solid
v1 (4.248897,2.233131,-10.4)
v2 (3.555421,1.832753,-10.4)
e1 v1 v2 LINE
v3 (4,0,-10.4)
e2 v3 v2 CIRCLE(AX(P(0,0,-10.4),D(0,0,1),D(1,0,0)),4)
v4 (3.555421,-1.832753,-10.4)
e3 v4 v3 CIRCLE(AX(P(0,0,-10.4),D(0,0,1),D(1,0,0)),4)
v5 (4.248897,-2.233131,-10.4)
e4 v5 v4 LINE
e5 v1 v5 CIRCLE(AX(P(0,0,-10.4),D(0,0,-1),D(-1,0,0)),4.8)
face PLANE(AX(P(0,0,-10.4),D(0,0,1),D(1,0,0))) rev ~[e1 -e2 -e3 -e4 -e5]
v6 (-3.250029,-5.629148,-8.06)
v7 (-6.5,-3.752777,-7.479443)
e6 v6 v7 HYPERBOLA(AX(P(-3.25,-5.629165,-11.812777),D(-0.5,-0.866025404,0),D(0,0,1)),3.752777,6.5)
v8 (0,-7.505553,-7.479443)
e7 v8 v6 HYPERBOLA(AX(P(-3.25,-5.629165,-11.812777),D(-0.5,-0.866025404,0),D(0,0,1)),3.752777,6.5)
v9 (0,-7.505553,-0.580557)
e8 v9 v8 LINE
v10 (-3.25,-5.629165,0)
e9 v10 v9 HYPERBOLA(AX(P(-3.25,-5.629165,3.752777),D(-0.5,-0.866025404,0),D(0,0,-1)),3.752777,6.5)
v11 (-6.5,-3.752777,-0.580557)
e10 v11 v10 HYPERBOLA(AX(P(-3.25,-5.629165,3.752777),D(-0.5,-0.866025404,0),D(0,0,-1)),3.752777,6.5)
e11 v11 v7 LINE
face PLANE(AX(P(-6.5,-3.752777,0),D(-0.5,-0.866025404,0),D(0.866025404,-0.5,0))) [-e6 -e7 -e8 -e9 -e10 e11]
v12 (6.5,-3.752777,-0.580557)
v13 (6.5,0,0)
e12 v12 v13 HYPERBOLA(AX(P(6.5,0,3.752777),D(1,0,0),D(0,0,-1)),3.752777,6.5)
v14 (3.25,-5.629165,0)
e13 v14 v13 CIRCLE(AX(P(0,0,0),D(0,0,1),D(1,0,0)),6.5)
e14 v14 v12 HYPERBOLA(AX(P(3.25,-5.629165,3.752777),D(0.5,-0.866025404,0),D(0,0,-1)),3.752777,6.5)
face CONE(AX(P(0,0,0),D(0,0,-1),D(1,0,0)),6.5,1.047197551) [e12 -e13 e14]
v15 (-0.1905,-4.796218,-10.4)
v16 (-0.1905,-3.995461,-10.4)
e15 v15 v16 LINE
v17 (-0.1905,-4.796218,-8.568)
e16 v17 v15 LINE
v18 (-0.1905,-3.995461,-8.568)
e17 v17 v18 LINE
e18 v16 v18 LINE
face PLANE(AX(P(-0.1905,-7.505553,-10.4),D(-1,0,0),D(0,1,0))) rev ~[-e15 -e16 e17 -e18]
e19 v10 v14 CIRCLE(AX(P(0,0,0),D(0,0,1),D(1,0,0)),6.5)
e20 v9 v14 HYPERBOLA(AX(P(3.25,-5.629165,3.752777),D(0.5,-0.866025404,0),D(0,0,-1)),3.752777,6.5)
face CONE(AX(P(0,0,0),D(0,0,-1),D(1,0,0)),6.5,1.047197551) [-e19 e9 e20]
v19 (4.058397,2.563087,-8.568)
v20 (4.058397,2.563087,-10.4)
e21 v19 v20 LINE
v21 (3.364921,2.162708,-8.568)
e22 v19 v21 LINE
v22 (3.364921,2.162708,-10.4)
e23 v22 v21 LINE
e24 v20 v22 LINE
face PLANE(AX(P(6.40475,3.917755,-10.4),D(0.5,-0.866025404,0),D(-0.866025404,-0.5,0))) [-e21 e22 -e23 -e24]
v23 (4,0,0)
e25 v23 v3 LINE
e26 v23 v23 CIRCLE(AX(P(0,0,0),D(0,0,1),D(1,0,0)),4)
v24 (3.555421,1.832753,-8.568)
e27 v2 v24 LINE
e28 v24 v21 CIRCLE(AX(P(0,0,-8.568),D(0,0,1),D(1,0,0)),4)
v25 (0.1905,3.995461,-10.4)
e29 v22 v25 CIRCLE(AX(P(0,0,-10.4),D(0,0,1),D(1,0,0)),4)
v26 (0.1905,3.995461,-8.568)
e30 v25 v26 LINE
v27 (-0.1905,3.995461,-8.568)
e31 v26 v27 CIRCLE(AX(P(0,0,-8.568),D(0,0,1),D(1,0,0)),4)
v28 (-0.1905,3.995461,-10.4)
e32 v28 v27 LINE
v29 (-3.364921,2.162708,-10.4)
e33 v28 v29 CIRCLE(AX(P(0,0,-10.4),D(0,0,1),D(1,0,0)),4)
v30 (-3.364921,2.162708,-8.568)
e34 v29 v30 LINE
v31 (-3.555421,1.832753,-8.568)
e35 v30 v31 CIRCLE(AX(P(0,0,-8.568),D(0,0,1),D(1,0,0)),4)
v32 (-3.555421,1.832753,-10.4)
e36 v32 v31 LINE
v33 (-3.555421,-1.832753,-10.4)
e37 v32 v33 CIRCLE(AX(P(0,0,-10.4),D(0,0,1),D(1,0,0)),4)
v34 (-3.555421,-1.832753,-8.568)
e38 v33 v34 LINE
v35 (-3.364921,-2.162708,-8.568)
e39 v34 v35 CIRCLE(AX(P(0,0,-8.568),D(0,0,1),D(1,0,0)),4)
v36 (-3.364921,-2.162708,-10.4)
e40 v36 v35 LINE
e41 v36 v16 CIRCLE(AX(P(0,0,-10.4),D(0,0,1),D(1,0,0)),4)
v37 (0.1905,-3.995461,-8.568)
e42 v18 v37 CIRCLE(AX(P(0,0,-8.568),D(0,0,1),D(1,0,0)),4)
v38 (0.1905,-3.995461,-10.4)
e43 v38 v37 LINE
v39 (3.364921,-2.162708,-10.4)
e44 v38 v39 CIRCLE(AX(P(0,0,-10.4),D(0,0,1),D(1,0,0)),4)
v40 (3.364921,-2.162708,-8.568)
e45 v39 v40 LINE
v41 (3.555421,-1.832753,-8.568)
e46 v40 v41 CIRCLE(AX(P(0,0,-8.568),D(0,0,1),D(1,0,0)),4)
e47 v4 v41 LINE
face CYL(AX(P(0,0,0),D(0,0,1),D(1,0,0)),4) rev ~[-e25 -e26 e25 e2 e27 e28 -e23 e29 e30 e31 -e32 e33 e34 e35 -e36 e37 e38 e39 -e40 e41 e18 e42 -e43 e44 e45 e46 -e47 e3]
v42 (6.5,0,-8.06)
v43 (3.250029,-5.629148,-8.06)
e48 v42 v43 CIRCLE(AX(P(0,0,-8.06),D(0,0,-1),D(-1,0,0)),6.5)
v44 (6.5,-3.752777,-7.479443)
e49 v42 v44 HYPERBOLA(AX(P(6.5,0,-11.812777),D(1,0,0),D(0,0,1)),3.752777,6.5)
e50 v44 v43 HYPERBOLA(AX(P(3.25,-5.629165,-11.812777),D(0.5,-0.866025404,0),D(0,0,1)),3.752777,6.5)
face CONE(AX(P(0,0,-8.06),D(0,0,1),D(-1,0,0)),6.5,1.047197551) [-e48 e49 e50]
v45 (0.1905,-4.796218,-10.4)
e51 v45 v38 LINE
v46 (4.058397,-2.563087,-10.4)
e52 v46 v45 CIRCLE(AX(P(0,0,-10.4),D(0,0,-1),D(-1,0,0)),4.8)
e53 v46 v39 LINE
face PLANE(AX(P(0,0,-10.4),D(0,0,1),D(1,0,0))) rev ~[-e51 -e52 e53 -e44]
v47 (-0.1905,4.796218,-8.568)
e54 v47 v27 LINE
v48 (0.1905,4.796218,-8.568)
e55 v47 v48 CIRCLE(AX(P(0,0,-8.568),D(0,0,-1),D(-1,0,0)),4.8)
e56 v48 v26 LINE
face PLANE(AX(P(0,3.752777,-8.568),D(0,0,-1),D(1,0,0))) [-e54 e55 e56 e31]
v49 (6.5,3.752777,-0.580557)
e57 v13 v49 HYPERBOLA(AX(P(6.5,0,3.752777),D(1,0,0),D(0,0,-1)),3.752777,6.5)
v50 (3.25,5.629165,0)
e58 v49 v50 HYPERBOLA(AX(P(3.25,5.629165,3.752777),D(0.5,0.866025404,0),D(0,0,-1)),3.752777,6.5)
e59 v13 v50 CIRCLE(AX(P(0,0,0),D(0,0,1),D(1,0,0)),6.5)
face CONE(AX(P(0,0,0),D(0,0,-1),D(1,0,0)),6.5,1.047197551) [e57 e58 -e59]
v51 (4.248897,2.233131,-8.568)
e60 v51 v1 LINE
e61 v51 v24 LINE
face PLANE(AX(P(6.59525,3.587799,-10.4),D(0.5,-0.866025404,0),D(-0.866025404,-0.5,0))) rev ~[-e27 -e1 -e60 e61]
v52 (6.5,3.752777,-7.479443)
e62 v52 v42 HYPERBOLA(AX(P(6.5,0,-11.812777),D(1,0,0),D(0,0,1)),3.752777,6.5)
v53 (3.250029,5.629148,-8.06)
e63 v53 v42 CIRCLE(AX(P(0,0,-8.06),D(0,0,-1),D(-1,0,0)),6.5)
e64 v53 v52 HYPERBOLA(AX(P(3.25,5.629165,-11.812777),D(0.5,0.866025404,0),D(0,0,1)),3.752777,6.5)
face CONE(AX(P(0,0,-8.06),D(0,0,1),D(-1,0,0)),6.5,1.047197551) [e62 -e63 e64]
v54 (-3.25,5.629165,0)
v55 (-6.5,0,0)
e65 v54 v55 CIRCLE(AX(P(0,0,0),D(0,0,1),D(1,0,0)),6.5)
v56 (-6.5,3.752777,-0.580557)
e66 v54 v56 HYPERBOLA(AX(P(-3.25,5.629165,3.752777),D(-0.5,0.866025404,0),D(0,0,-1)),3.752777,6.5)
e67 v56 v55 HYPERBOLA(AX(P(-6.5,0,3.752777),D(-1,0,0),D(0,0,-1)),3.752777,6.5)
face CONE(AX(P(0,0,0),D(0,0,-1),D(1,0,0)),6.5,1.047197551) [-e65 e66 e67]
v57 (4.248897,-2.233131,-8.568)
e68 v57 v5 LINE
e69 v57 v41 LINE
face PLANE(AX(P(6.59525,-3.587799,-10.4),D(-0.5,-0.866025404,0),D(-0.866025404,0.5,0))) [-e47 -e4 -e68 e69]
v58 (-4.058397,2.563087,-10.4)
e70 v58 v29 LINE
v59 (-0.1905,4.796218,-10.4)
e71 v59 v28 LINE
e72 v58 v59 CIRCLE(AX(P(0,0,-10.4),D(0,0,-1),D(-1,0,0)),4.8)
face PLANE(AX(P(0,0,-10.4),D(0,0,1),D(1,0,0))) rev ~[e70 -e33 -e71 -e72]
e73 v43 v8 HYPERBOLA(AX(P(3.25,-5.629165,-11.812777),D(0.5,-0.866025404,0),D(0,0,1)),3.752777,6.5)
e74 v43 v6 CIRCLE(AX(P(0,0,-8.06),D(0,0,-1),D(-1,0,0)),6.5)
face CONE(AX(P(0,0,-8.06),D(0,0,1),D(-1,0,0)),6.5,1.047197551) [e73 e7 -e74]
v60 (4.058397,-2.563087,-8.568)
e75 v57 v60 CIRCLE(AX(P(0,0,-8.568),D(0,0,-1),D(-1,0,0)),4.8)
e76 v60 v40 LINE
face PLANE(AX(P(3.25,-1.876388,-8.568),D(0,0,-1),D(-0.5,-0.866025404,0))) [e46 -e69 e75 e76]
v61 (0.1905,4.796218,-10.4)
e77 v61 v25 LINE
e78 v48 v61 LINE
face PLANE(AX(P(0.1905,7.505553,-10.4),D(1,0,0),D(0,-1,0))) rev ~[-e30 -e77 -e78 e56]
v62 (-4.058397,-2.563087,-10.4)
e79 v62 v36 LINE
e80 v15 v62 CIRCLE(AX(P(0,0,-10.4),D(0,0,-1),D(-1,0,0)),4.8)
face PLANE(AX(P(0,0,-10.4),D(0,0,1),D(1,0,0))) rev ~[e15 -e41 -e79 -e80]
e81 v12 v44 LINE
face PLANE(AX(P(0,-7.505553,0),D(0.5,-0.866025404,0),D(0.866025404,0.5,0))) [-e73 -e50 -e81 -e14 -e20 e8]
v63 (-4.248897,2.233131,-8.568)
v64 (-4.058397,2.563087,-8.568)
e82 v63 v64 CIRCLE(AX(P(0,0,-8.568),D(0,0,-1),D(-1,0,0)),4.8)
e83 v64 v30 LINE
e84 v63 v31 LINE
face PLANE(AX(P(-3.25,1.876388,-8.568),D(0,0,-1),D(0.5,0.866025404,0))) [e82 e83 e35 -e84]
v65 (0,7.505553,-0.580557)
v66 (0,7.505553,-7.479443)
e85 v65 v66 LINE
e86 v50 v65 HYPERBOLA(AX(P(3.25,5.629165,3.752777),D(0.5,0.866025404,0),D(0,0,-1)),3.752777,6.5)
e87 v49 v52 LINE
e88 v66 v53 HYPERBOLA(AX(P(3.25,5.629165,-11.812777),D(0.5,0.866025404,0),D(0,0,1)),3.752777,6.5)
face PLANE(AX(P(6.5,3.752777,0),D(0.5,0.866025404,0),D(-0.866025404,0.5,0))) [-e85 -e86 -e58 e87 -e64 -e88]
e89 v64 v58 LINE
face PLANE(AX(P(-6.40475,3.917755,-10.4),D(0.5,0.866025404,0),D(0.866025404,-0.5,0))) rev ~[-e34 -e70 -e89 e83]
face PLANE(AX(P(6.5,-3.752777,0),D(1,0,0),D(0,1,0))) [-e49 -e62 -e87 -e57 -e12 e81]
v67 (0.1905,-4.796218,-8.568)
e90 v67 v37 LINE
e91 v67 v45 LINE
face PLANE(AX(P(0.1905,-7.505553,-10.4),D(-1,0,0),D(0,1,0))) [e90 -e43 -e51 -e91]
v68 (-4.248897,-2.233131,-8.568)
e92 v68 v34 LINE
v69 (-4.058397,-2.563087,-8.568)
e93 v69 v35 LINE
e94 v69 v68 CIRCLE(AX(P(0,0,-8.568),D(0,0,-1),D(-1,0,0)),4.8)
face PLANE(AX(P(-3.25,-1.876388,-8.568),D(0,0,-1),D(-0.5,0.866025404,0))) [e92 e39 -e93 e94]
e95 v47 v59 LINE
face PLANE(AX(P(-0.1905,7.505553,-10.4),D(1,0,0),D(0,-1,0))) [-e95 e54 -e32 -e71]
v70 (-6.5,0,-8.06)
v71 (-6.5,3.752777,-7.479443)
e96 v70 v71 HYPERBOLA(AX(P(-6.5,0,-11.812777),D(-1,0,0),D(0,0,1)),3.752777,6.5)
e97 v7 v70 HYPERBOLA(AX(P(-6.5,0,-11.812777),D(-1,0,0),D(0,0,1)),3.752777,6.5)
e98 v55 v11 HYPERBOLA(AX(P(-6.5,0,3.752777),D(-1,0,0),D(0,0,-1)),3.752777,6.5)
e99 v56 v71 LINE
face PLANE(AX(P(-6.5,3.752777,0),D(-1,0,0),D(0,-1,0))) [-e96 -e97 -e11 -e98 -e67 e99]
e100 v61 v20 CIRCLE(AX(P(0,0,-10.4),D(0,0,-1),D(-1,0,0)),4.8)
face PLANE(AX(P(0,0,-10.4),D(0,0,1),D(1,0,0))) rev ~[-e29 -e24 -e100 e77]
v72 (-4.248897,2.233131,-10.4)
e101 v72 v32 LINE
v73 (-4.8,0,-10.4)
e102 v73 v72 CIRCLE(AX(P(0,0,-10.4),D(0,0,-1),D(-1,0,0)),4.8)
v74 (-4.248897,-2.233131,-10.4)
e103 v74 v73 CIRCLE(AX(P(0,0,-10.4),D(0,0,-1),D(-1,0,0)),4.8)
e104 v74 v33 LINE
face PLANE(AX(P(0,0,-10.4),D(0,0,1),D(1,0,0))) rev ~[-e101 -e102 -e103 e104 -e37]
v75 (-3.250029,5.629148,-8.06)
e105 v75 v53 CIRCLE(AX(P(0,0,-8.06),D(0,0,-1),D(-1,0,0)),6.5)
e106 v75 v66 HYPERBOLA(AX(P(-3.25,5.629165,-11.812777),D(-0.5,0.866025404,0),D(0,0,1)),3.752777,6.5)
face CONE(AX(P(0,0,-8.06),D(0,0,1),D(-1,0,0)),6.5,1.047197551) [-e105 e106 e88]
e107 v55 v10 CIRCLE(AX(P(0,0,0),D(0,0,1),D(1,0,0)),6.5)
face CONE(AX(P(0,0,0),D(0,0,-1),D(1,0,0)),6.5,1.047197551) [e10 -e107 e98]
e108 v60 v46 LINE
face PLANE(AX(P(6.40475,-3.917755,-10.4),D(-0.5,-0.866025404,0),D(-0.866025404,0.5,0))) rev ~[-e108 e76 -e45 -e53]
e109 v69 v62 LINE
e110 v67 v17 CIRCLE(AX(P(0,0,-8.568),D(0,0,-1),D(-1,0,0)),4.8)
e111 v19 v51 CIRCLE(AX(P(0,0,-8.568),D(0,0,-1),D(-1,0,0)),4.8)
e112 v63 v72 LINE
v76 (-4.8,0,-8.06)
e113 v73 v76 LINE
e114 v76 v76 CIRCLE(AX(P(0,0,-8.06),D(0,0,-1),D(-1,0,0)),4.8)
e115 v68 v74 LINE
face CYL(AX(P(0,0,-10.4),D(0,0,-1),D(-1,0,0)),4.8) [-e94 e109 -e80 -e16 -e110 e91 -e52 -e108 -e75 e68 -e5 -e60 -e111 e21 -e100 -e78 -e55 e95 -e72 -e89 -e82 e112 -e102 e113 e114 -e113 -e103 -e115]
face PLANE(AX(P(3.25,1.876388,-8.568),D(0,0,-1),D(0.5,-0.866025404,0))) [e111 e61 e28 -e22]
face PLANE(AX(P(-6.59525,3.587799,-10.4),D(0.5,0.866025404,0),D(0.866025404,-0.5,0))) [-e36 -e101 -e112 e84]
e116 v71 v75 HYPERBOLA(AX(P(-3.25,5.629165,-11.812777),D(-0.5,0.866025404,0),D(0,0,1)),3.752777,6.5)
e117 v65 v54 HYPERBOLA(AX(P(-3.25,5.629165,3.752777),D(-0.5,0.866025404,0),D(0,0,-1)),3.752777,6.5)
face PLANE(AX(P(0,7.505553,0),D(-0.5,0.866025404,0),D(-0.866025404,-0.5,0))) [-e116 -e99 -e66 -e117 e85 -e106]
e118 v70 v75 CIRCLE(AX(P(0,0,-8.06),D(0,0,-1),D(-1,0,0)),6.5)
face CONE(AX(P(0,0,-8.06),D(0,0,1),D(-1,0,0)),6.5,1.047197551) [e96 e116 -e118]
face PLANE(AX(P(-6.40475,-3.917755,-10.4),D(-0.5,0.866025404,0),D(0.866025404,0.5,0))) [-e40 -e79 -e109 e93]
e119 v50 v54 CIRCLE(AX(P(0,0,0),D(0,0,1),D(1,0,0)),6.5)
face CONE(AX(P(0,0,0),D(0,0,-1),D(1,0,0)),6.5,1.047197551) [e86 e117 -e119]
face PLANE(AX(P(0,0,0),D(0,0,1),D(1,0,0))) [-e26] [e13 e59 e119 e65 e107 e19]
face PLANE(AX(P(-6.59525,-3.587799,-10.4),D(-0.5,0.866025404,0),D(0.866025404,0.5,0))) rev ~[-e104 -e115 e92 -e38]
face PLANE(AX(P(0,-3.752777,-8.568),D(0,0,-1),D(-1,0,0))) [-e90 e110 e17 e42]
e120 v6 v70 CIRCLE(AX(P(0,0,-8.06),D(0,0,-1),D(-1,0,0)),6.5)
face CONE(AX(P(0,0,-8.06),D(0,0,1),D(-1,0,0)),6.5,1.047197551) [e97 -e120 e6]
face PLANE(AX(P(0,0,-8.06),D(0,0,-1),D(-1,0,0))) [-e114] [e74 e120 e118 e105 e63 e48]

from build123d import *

# Parameters (mm, degrees)
EXTRUDE1_DEPTH          = 10.4
SKETCH2_OUTSIDE_W       = 72.756
SKETCH2_OUTSIDE_H       = 74.768
SKETCH2_OUTSIDE_R       = 6.5
CUT_EXTRUDE1_DEPTH      = 15.37857202
CUT_EXTRUDE1_DRAFT      = -60
SKETCH4_R               = 4
CUT_EXTRUDE3_DEPTH      = 15.37857202
SKETCH12_OUTSIDE_W      = 19.484
SKETCH12_OUTSIDE_H      = 21.496
SKETCH12_OUTSIDE_R      = 4.8
CUT_EXTRUDE10_DEPTH     = 2.34
SKETCH15_W              = 0.381
SKETCH15_H              = 7.505553499
CUT_EXTRUDE_THIN2_DEPTH = 1.832
CIRPATTERN1_COUNT       = 6
SKETCH3_OUTSIDE_W       = 67.248
SKETCH3_OUTSIDE_H       = 69.26
SKETCH3_OUTSIDE_R       = 6.5
CUT_EXTRUDE2_DEPTH      = 13.788546959
CUT_EXTRUDE2_DRAFT      = -60


with BuildPart() as part:
    # Sketch1 → Extrude1 (new body)
    with BuildSketch(Plane.XY):
        Polygon((0, 7.505553499), (-6.5, 3.75277675), (-6.5, -3.75277675), (0, -7.505553499), (6.5, -3.75277675), (6.5, 3.75277675), align=None)
    extrude(amount=-EXTRUDE1_DEPTH)


with BuildPart() as cut_extrude1_tool:
    # Sketch2 outside → Cut-Extrude1 (with draft: the straight prism first)
    with BuildSketch(Plane.XY):
        Rectangle(SKETCH2_OUTSIDE_W, SKETCH2_OUTSIDE_H)
        Circle(SKETCH2_OUTSIDE_R, mode=Mode.SUBTRACT)
    extrude(amount=-CUT_EXTRUDE1_DEPTH)
    # Cut-Extrude1: the draft: its side faces are tilted about the plane it starts from
    cut_extrude1_sides = [cut_extrude1_tool.faces().sort_by_distance(p)[0] for p in [
        (0, -37.384, -7.68928601),
        (36.378, 0, -7.68928601),
        (0, 37.384, -7.68928601),
        (-36.378, 0, -7.68928601),
        (-6.5, 0, -7.68928601),
    ]]
    draft(cut_extrude1_sides, Plane.XY, CUT_EXTRUDE1_DRAFT)


with BuildPart() as part_1:
    add(part.part)

    # Cut-Extrude1: cut by cut_extrude1_tool
    add(cut_extrude1_tool.part, mode=Mode.SUBTRACT)

    # Sketch4 → Cut-Extrude3 (cut, through all)
    with BuildSketch(Plane.XY):
        Circle(SKETCH4_R)
    extrude(amount=-CUT_EXTRUDE3_DEPTH, mode=Mode.SUBTRACT)

    # Sketch12 outside → Cut-Extrude10 (cut)
    with BuildSketch(Plane(origin=(0, 0, -10.4), x_dir=(-1, 0, 0), z_dir=(0, 0, -1))):
        Rectangle(SKETCH12_OUTSIDE_W, SKETCH12_OUTSIDE_H)
        Circle(SKETCH12_OUTSIDE_R, mode=Mode.SUBTRACT)
    extrude(amount=-CUT_EXTRUDE10_DEPTH, mode=Mode.SUBTRACT)

    # Sketch15 → Cut-Extrude-Thin2 (cut)
    with BuildSketch(Plane(origin=(0, 0, -10.4), x_dir=(-1, 0, 0), z_dir=(0, 0, -1))):
        with Locations((0, -3.75277675)):
            Rectangle(SKETCH15_W, SKETCH15_H)
    cut_extrude_thin2 = extrude(amount=-CUT_EXTRUDE_THIN2_DEPTH, mode=Mode.SUBTRACT)

    # CirPattern1: Cut-Extrude-Thin2 ×6 about axis
    cirpattern1_axis = Axis((0, 0, 0), (0, 0, 1))
    for i in range(1, CIRPATTERN1_COUNT):
        add(cut_extrude_thin2.rotate(cirpattern1_axis, i * 360 / CIRPATTERN1_COUNT), mode=Mode.SUBTRACT)


with BuildPart() as cut_extrude2_tool:
    # Sketch3 outside → Cut-Extrude2 (with draft: the straight prism first)
    with BuildSketch(Plane(origin=(0, 0, -8.06), x_dir=(-1, 0, 0), z_dir=(0, 0, -1))):
        Rectangle(SKETCH3_OUTSIDE_W, SKETCH3_OUTSIDE_H)
        Circle(SKETCH3_OUTSIDE_R, mode=Mode.SUBTRACT)
    extrude(amount=-CUT_EXTRUDE2_DEPTH)
    # Cut-Extrude2: the draft: its side faces are tilted about the plane it starts from
    cut_extrude2_sides = [cut_extrude2_tool.faces().sort_by_distance(p)[0] for p in [
        (0, -34.63, -1.16572652),
        (-33.624, 0, -1.16572652),
        (0, 34.63, -1.16572652),
        (33.624, 0, -1.16572652),
        (6.5, 0, -1.16572652),
    ]]
    draft(cut_extrude2_sides, Plane(origin=(0, 0, -8.06), x_dir=(-1, 0, 0), z_dir=(0, 0, -1)), CUT_EXTRUDE2_DRAFT)


with BuildPart() as part_2:
    add(part_1.part)

    # Cut-Extrude2: cut by cut_extrude2_tool
    add(cut_extrude2_tool.part, mode=Mode.SUBTRACT)


solid = part_2.part
